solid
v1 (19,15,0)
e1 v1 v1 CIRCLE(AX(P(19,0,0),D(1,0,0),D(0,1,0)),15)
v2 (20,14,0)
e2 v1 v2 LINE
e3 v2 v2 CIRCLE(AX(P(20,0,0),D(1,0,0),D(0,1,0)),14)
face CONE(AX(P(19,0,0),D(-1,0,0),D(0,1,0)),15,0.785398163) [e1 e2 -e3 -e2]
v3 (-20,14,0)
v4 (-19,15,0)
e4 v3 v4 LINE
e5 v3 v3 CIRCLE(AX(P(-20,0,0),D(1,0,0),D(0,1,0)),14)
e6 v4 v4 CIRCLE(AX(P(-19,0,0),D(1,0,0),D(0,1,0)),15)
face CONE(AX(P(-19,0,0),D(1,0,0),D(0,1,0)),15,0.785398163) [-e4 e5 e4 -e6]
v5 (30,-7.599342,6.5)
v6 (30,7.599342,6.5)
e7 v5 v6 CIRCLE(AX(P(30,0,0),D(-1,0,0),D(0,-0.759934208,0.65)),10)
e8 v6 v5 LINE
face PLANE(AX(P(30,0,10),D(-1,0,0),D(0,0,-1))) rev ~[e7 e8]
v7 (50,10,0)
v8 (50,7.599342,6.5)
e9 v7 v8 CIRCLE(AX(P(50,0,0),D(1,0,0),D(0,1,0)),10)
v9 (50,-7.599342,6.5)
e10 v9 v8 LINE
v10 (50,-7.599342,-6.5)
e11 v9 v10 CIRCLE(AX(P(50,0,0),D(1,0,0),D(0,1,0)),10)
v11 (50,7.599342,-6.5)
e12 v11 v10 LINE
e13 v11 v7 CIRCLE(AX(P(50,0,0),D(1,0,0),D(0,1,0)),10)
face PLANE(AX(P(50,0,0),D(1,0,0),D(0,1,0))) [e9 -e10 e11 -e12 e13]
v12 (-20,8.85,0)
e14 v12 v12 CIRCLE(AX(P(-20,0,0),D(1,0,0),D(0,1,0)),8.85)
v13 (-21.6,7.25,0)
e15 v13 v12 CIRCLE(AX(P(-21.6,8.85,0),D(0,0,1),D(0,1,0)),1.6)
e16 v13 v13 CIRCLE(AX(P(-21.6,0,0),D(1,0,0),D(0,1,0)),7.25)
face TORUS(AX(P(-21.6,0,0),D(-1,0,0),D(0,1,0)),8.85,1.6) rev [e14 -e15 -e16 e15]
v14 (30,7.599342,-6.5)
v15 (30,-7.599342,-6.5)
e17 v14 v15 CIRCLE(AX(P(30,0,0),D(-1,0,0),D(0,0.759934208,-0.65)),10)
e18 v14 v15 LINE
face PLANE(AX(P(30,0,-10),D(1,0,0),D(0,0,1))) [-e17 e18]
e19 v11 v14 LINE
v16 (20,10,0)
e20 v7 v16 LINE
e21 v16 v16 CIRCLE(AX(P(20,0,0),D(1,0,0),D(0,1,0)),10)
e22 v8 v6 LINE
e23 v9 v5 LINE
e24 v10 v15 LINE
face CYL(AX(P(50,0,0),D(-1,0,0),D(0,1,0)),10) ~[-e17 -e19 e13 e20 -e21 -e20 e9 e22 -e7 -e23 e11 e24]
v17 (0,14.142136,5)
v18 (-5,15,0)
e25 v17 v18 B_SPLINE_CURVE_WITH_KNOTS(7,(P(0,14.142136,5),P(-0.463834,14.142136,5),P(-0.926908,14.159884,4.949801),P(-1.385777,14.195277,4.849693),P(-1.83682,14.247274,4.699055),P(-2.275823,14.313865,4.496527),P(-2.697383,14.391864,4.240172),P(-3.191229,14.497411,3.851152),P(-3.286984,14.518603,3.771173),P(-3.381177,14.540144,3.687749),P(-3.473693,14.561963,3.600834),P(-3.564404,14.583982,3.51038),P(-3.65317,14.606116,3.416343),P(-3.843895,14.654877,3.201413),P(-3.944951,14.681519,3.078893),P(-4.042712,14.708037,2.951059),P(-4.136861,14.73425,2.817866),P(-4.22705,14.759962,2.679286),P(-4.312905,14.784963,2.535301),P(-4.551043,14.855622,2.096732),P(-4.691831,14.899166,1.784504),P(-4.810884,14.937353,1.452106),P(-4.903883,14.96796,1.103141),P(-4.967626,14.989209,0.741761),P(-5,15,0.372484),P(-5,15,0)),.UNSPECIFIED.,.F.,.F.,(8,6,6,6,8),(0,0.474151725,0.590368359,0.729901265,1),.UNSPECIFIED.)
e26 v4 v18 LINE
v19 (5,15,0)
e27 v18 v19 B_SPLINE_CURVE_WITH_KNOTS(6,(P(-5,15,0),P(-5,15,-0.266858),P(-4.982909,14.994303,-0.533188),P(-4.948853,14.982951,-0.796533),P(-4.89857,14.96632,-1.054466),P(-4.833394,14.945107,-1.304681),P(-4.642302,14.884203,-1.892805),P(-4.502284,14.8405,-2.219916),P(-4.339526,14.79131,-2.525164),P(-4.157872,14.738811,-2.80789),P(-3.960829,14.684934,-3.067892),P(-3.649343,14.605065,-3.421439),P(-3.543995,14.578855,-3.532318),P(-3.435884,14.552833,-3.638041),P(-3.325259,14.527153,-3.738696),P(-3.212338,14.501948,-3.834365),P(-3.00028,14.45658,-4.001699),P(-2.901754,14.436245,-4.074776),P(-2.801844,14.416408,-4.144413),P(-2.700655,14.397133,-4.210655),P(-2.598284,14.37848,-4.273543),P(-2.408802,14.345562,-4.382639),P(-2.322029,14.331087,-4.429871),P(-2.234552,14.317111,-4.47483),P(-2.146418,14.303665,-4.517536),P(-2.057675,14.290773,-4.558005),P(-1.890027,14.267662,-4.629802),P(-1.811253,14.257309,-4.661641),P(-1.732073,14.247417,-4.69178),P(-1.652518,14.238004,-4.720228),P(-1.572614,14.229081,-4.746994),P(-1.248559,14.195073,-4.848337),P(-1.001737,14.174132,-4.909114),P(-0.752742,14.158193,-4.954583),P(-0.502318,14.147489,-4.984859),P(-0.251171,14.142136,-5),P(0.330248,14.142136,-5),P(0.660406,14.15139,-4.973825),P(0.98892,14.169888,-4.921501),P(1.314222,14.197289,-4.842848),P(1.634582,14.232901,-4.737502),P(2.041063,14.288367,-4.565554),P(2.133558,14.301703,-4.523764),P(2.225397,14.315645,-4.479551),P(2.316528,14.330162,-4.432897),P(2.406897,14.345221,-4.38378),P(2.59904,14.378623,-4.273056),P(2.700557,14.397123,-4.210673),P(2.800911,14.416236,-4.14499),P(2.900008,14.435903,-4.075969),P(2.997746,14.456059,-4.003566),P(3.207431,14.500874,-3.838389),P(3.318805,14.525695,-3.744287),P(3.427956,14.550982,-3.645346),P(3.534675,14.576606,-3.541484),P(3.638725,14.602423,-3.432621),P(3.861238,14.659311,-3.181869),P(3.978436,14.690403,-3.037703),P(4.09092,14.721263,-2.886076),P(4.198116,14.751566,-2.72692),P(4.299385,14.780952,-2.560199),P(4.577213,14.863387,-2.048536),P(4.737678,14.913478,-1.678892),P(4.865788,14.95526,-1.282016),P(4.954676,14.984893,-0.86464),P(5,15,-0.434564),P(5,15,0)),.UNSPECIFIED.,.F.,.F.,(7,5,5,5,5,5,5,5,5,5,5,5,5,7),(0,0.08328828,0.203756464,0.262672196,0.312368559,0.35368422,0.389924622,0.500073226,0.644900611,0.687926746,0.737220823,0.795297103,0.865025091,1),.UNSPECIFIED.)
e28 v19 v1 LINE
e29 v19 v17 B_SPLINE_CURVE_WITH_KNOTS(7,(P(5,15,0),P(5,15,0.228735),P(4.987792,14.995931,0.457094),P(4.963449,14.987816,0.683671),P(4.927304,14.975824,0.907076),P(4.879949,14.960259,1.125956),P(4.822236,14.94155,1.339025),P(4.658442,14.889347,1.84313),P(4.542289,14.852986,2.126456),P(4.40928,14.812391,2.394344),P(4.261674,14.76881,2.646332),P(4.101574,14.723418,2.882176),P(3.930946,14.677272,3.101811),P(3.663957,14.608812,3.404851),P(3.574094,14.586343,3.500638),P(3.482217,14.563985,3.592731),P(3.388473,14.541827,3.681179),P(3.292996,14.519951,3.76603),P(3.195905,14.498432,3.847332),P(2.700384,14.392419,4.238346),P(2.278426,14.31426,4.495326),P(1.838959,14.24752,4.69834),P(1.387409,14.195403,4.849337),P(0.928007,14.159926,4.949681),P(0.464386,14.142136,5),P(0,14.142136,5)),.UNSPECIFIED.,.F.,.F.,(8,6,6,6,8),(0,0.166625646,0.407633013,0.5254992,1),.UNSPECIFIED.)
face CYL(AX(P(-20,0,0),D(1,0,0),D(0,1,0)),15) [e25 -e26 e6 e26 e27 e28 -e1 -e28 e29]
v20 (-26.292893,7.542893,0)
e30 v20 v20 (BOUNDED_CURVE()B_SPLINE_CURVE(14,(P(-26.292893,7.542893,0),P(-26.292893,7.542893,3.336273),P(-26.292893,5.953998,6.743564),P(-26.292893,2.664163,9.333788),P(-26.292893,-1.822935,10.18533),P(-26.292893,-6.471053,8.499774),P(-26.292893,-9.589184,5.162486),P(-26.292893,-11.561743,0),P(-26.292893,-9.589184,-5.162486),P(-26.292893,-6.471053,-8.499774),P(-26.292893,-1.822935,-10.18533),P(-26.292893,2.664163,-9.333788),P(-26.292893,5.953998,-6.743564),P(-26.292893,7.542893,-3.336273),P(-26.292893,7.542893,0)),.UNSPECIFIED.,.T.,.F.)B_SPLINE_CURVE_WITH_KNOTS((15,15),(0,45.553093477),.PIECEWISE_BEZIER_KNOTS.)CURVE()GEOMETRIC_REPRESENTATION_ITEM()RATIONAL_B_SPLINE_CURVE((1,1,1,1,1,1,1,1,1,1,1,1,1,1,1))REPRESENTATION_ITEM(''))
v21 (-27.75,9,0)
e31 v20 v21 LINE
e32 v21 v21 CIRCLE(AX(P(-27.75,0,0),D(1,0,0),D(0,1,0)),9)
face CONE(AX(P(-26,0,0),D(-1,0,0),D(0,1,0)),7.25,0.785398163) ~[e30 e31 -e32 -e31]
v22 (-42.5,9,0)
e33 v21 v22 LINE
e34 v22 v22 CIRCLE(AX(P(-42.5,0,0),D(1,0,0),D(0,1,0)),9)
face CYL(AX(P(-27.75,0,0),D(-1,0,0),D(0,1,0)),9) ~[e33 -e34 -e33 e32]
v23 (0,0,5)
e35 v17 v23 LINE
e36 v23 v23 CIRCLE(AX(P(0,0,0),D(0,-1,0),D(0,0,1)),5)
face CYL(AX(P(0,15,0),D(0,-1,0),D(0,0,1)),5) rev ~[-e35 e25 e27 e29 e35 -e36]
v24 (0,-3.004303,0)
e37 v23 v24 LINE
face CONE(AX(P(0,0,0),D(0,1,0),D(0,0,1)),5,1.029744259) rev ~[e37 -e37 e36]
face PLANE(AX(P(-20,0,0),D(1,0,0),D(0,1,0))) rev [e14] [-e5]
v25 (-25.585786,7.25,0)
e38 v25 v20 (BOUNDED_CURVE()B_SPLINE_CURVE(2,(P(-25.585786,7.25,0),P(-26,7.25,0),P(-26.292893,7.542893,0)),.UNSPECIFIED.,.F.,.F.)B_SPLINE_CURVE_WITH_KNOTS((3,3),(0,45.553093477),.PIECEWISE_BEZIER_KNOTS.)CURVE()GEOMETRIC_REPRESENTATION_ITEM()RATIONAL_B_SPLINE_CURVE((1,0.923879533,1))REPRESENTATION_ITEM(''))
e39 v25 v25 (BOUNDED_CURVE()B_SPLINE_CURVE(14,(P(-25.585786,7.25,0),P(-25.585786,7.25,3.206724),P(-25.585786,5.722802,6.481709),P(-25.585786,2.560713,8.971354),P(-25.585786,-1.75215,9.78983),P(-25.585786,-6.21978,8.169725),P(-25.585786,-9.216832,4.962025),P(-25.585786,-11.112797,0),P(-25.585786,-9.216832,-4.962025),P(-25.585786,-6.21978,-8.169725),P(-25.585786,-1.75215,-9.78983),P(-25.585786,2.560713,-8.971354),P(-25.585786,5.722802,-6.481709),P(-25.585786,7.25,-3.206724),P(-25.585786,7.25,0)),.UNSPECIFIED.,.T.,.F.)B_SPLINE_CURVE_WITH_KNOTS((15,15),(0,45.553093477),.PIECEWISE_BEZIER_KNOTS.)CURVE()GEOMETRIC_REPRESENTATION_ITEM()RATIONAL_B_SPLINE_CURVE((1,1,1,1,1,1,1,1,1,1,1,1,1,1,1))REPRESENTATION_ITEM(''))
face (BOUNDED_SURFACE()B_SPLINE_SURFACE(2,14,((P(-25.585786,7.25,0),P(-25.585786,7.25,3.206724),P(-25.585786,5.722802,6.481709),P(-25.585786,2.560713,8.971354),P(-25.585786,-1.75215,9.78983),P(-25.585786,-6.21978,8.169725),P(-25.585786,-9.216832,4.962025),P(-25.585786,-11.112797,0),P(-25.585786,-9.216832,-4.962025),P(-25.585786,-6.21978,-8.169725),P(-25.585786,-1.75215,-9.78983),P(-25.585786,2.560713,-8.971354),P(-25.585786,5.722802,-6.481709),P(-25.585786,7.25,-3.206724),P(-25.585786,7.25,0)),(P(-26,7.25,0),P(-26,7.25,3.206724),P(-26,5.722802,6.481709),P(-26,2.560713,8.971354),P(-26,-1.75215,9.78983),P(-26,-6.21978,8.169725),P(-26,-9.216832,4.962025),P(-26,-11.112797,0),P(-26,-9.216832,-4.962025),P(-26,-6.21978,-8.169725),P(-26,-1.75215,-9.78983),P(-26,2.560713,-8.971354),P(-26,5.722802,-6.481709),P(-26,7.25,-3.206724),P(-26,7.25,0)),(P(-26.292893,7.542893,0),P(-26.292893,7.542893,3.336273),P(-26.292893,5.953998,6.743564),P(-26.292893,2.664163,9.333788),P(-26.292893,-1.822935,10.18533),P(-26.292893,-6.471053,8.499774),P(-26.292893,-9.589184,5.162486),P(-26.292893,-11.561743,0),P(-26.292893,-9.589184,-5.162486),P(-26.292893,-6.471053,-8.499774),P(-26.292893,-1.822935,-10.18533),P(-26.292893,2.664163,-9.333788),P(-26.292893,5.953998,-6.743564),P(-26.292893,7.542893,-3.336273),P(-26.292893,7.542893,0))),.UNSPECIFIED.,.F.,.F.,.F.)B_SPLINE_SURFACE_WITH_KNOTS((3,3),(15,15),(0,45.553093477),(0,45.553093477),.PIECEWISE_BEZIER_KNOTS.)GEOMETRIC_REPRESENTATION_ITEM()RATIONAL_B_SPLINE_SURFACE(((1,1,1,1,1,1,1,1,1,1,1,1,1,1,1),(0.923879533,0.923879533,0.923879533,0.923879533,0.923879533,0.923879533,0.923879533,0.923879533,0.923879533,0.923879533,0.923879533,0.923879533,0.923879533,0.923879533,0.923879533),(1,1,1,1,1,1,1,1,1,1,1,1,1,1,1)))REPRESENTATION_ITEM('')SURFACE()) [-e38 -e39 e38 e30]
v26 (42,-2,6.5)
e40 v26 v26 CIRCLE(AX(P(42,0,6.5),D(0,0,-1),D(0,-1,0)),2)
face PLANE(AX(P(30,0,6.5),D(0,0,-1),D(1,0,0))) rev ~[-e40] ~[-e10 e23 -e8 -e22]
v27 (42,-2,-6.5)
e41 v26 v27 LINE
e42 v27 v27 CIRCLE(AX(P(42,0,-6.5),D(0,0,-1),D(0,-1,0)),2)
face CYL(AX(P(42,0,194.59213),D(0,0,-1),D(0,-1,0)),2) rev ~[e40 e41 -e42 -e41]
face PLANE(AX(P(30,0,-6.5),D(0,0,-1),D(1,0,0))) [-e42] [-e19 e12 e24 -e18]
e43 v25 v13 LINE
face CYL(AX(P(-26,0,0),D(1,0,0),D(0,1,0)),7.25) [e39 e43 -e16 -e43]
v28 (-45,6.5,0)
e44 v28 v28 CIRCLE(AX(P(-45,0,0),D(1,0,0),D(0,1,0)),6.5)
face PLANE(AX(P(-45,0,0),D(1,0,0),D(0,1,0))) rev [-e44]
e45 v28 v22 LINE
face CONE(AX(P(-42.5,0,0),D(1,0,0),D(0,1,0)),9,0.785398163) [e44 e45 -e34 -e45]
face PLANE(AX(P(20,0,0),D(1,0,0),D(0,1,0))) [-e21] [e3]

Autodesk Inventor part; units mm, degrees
ref_plane "YZ Plane" through (0, 0, 0) normal (1, 0, 0) x (0, 1, 0)
ref_plane "XY Plane" through (0, 0, 0) normal (0, 0, 1) x (1, 0, 0)
sketch "Эскиз2" plane through (0, 0, 0) normal (0, 0, 1) x (1, 0, 0)
  line L0 (-45, 0) -> (-45, 9)
  line L1 (-27.75, 9) -> (-45, 9)
  line L2 (-26, 7.25) -> (-20, 7.25)
  line L3 (-20, 7.25) -> (-20, 14)
  line L4 (-19, 15) -> (20, 15)
  line L5 (-26, 7.25) -> (-27.75, 9)
  line L6 (50, 10) -> (50, 0)
  line L7 (50, 10) -> (20, 10)
  line L8 (20, 10) -> (20, 14)
  line L9 (-45, 0) -> (50, 0)
  line L10 (-20, 14) -> (-20, 15)
  line L11 (-20, 15) -> (-19, 15)
  line L12 (20, 15) -> (20, 14)
  point P0 (0, 0)
  point P1 (0, 15)
  dimension "d1" = 9
  dimension "d15" = 6
  dimension "d16" = 19
  dimension "d22" = 10
  dimension "d23" = 20
  dimension "d41" = 25
  dimension "d42" = 17.25
  dimension "d57" = 20
  dimension "d58" = 70
revolve "Вращение1" add sketch "Эскиз2" angle 360 about axis through (-45, 0, 0) along (1, 0, 0)
sketch "Эскиз3" plane through (0, 0, 0) normal (0, 1, 0) x (-1, 0, 0)
  line L0 (-50, -10) -> (-30, -10)
  line L1 (-30, -10) -> (-30, -6.5)
  line L2 (-30, -6.5) -> (-50, -6.5)
  line L3 (-50, -6.5) -> (-50, -10)
  line L4 (-50, 10) -> (-30, 10)
  line L5 (-30, 10) -> (-30, 6.5)
  line L6 (-30, 6.5) -> (-50, 6.5)
  line L7 (-50, 6.5) -> (-50, 10)
  point P0 (0, 0)
extrude "Выдавливание1" cut sketch "Эскиз3" along normal mid plane 44.25
sketch "Эскиз4" plane through (0, 0, 0) normal (0, 0, 1) x (1, 0, 0)
  line L0 (50, 7.5993) -> (50, -7.5993) projected
  point P0 (0, 0)
  point P1 (42, 0)
hole "Отверстие1" at (42, 0, 0) direction (0, 0, -1) diameter 4 end through all both
thread "Резьба1" size "M18x2.5" class "6g" standard "ISO Metric profile" full length
chamfer "Фаска1" distance 2.5 angle 45 1 edges at (-45, -9, 0)
ref_plane "РабПлоскость1" through (0, 15, 0) normal (0, 1, 0) x (-1, 0, 0)
fillet "Сопряжение1" radius 1.6 1 edges at (-20, -7.25, 0)
fillet "Сопряжение2" radius 1 1 edges at (-26, -7.25, 0)
chamfer "Фаска2" distance 1 angle 45 2 edges at (20, -15, 0) (-20, -15, 0)
sketch "Эскиз6" plane through (0, 15, 0) normal (0, 1, 0) x (-1, 0, 0)
  point P0 (0, 0)
  point P1 (0, 0)
hole "Отверстие3" at (0, 15, 0) direction (0, -1, 0) diameter 10 depth 15 tip angle 118
properties part number "вал"
